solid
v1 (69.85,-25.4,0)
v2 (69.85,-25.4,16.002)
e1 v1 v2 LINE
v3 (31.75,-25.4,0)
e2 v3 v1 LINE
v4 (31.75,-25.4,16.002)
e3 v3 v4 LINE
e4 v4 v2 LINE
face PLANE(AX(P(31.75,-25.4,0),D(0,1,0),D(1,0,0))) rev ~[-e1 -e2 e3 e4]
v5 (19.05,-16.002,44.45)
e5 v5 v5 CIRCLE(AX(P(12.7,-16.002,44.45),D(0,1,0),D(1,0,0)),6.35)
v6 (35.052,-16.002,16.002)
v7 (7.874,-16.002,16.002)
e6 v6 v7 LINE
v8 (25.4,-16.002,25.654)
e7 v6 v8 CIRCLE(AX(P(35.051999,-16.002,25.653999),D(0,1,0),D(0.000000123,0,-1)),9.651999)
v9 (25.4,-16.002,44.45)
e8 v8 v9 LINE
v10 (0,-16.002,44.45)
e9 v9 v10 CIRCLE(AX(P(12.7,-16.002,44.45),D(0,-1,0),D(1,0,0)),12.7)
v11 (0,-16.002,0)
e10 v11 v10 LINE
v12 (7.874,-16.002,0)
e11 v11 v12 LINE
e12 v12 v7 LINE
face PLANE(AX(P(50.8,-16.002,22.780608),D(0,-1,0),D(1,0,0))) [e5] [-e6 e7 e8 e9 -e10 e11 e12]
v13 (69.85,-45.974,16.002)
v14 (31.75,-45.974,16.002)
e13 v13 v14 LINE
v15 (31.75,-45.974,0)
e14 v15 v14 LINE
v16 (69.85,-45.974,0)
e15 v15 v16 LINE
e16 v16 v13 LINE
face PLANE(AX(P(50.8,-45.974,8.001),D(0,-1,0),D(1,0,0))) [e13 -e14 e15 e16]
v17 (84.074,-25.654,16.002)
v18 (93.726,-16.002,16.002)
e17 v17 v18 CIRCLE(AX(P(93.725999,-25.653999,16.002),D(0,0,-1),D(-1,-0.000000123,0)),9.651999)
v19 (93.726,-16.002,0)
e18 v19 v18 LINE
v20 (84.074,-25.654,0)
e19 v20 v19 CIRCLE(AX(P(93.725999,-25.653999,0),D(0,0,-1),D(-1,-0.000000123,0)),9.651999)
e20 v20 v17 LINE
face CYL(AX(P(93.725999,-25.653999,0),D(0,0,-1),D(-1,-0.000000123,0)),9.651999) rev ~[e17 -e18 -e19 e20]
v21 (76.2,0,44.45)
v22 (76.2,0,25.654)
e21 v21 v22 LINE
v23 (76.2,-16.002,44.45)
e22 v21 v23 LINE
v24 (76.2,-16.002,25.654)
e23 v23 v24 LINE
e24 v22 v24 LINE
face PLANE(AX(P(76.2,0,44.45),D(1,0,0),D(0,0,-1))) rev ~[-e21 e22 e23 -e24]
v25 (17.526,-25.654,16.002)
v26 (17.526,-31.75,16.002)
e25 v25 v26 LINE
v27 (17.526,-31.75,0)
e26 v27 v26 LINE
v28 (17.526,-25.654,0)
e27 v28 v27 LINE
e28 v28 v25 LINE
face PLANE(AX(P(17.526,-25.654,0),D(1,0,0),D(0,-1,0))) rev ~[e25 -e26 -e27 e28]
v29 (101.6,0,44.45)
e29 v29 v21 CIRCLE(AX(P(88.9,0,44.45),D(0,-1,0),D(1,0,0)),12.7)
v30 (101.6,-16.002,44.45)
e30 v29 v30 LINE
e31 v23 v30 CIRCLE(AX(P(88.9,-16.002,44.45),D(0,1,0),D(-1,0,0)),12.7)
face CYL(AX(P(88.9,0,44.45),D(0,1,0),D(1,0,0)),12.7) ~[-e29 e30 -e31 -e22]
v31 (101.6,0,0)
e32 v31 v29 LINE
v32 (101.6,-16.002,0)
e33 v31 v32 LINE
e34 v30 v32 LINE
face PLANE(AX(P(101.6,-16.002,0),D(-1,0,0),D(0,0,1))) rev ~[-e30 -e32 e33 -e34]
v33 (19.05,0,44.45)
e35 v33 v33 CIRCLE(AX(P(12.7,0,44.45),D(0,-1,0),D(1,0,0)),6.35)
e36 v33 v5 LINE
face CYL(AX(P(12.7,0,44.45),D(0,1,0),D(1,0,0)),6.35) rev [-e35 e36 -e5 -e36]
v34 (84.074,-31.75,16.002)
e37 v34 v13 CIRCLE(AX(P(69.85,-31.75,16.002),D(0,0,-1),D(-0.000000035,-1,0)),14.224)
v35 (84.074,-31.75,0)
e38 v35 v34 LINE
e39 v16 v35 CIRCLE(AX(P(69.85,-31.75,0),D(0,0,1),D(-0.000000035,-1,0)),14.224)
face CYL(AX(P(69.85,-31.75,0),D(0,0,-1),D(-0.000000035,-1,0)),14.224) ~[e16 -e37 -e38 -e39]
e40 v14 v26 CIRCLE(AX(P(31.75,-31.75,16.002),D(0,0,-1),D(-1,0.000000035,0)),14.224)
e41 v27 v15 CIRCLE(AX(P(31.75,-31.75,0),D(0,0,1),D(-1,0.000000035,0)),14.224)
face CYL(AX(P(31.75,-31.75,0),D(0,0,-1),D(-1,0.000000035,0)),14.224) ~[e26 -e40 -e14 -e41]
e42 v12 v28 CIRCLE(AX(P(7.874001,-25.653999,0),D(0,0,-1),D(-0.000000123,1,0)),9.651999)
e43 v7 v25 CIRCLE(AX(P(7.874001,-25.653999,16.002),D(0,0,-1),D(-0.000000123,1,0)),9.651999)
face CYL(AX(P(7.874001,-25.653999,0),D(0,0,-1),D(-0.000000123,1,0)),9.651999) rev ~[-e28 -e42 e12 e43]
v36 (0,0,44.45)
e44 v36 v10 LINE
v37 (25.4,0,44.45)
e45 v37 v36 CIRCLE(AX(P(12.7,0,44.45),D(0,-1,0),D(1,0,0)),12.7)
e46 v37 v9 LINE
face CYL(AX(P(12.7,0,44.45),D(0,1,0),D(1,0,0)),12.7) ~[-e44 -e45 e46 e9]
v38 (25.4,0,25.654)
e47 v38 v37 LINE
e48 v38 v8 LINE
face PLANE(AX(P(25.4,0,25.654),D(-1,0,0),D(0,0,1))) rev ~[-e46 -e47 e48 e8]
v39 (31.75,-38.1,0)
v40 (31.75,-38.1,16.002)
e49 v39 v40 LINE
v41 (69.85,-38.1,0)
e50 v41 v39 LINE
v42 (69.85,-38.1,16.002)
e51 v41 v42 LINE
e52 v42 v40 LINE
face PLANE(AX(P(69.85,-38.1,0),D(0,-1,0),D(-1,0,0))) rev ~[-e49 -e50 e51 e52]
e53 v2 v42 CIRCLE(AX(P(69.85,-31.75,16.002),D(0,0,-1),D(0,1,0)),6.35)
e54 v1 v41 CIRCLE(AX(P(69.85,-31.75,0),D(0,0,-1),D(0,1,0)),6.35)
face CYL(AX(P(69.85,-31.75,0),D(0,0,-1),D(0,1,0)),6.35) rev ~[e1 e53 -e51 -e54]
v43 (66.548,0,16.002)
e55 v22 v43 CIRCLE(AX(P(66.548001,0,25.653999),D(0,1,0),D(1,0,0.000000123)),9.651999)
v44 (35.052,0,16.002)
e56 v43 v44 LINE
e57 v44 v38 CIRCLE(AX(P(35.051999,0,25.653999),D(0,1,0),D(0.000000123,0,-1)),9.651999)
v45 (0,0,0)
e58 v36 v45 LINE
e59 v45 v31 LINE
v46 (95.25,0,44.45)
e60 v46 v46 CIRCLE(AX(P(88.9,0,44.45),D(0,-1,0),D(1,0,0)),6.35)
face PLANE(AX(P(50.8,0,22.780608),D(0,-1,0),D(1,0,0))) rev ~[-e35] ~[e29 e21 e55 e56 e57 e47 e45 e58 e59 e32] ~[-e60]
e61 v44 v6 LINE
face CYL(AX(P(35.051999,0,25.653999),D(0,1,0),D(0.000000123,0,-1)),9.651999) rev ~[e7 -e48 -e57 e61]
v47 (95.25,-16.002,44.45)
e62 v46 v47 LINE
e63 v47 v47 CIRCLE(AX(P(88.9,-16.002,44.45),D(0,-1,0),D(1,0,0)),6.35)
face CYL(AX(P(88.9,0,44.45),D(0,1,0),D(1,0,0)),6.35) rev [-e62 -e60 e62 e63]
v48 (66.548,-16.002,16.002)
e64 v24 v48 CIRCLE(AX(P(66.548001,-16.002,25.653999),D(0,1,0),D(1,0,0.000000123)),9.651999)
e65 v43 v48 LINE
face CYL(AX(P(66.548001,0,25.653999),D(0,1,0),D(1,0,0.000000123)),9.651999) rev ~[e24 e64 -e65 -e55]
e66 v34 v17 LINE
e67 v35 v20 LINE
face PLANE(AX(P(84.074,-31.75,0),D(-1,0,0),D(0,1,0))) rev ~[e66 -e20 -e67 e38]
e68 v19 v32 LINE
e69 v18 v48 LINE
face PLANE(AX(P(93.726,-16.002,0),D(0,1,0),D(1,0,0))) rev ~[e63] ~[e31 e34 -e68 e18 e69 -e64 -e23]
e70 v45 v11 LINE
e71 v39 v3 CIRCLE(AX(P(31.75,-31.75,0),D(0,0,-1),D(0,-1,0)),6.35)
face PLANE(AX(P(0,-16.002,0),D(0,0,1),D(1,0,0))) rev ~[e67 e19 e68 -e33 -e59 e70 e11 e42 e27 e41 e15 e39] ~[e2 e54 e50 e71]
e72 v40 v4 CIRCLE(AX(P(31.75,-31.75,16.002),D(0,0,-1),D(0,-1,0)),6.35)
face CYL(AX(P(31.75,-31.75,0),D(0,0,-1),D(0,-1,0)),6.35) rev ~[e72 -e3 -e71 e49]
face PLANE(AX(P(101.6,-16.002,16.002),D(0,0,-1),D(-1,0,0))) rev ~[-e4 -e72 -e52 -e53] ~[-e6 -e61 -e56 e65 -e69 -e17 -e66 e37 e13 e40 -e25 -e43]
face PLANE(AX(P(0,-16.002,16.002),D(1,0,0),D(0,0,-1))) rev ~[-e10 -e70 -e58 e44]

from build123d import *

# Parameters (mm, degrees)
F0_R     = 6.35
F1_DEPTH = 16.002
F3_DEPTH = 29.972
F5_DEPTH = 57.151


with BuildPart() as f1:
    # F0 (on Front) → F1 (new body)
    with BuildSketch(Plane.XZ):
        with BuildLine():
            Line((0, 44.45), (0, 0))
            Line((0, 0), (101.6, 0))
            Line((101.6, 0), (101.6, 44.45))
            ThreePointArc((101.6, 44.45), (88.9, 57.15), (76.2, 44.45))
            Line((76.2, 44.45), (76.2, 25.654))
            ThreePointArc((76.2, 25.654), (73.372995, 18.829005), (66.548, 16.002))
            Line((66.548, 16.002), (35.052, 16.002))
            ThreePointArc((35.052, 16.002), (28.227005, 18.829005), (25.4, 25.654))
            Line((25.4, 25.654), (25.4, 44.45))
            ThreePointArc((25.4, 44.45), (12.7, 57.15), (0, 44.45))
        make_face()
        with Locations((12.7, 44.45)):
            Circle(F0_R, mode=Mode.SUBTRACT)
        with Locations((88.9, 44.45)):
            Circle(F0_R, mode=Mode.SUBTRACT)
    extrude(amount=F1_DEPTH)

    # F2 (on face) → F3 (join)
    with BuildSketch(Plane.XZ.offset(16.002)):
        Polygon((0, 16.002), (0, 0), (101.6, 0), (101.6, 16.002), (66.548, 16.002), (35.052, 16.002), align=None)
    extrude(amount=F3_DEPTH)

    # F4 (on face) → F5 (cut, through all)
    with BuildSketch(Plane(origin=(0, 0, 0), x_dir=(1, 0, 0), z_dir=(0, 0, -1))):
        with BuildLine():
            ThreePointArc((17.526, 31.75), (21.692113, 41.807887), (31.75, 45.974))
            Line((31.75, 45.974), (0, 45.974))
            Line((0, 45.974), (0, 16.002))
            Line((0, 16.002), (7.874, 16.002))
            ThreePointArc((7.874, 16.002), (14.698995, 18.829005), (17.526, 25.654))
            Line((17.526, 25.654), (17.526, 31.75))
        make_face()
        with BuildLine():
            Line((101.6, 45.974), (69.85, 45.974))
            ThreePointArc((69.85, 45.974), (79.907887, 41.807887), (84.074, 31.75))
            Line((84.074, 31.75), (84.074, 25.654))
            ThreePointArc((84.074, 25.654), (86.901005, 18.829005), (93.726, 16.002))
            Line((93.726, 16.002), (101.6, 16.002))
            Line((101.6, 16.002), (101.6, 45.974))
        make_face()
        with BuildLine():
            Line((69.85, 38.1), (31.75, 38.1))
            ThreePointArc((31.75, 38.1), (25.4, 31.75), (31.75, 25.4))
            Line((31.75, 25.4), (69.85, 25.4))
            ThreePointArc((69.85, 25.4), (76.2, 31.75), (69.85, 38.1))
        make_face()
    extrude(amount=-F5_DEPTH, mode=Mode.SUBTRACT)


solid = f1.part
